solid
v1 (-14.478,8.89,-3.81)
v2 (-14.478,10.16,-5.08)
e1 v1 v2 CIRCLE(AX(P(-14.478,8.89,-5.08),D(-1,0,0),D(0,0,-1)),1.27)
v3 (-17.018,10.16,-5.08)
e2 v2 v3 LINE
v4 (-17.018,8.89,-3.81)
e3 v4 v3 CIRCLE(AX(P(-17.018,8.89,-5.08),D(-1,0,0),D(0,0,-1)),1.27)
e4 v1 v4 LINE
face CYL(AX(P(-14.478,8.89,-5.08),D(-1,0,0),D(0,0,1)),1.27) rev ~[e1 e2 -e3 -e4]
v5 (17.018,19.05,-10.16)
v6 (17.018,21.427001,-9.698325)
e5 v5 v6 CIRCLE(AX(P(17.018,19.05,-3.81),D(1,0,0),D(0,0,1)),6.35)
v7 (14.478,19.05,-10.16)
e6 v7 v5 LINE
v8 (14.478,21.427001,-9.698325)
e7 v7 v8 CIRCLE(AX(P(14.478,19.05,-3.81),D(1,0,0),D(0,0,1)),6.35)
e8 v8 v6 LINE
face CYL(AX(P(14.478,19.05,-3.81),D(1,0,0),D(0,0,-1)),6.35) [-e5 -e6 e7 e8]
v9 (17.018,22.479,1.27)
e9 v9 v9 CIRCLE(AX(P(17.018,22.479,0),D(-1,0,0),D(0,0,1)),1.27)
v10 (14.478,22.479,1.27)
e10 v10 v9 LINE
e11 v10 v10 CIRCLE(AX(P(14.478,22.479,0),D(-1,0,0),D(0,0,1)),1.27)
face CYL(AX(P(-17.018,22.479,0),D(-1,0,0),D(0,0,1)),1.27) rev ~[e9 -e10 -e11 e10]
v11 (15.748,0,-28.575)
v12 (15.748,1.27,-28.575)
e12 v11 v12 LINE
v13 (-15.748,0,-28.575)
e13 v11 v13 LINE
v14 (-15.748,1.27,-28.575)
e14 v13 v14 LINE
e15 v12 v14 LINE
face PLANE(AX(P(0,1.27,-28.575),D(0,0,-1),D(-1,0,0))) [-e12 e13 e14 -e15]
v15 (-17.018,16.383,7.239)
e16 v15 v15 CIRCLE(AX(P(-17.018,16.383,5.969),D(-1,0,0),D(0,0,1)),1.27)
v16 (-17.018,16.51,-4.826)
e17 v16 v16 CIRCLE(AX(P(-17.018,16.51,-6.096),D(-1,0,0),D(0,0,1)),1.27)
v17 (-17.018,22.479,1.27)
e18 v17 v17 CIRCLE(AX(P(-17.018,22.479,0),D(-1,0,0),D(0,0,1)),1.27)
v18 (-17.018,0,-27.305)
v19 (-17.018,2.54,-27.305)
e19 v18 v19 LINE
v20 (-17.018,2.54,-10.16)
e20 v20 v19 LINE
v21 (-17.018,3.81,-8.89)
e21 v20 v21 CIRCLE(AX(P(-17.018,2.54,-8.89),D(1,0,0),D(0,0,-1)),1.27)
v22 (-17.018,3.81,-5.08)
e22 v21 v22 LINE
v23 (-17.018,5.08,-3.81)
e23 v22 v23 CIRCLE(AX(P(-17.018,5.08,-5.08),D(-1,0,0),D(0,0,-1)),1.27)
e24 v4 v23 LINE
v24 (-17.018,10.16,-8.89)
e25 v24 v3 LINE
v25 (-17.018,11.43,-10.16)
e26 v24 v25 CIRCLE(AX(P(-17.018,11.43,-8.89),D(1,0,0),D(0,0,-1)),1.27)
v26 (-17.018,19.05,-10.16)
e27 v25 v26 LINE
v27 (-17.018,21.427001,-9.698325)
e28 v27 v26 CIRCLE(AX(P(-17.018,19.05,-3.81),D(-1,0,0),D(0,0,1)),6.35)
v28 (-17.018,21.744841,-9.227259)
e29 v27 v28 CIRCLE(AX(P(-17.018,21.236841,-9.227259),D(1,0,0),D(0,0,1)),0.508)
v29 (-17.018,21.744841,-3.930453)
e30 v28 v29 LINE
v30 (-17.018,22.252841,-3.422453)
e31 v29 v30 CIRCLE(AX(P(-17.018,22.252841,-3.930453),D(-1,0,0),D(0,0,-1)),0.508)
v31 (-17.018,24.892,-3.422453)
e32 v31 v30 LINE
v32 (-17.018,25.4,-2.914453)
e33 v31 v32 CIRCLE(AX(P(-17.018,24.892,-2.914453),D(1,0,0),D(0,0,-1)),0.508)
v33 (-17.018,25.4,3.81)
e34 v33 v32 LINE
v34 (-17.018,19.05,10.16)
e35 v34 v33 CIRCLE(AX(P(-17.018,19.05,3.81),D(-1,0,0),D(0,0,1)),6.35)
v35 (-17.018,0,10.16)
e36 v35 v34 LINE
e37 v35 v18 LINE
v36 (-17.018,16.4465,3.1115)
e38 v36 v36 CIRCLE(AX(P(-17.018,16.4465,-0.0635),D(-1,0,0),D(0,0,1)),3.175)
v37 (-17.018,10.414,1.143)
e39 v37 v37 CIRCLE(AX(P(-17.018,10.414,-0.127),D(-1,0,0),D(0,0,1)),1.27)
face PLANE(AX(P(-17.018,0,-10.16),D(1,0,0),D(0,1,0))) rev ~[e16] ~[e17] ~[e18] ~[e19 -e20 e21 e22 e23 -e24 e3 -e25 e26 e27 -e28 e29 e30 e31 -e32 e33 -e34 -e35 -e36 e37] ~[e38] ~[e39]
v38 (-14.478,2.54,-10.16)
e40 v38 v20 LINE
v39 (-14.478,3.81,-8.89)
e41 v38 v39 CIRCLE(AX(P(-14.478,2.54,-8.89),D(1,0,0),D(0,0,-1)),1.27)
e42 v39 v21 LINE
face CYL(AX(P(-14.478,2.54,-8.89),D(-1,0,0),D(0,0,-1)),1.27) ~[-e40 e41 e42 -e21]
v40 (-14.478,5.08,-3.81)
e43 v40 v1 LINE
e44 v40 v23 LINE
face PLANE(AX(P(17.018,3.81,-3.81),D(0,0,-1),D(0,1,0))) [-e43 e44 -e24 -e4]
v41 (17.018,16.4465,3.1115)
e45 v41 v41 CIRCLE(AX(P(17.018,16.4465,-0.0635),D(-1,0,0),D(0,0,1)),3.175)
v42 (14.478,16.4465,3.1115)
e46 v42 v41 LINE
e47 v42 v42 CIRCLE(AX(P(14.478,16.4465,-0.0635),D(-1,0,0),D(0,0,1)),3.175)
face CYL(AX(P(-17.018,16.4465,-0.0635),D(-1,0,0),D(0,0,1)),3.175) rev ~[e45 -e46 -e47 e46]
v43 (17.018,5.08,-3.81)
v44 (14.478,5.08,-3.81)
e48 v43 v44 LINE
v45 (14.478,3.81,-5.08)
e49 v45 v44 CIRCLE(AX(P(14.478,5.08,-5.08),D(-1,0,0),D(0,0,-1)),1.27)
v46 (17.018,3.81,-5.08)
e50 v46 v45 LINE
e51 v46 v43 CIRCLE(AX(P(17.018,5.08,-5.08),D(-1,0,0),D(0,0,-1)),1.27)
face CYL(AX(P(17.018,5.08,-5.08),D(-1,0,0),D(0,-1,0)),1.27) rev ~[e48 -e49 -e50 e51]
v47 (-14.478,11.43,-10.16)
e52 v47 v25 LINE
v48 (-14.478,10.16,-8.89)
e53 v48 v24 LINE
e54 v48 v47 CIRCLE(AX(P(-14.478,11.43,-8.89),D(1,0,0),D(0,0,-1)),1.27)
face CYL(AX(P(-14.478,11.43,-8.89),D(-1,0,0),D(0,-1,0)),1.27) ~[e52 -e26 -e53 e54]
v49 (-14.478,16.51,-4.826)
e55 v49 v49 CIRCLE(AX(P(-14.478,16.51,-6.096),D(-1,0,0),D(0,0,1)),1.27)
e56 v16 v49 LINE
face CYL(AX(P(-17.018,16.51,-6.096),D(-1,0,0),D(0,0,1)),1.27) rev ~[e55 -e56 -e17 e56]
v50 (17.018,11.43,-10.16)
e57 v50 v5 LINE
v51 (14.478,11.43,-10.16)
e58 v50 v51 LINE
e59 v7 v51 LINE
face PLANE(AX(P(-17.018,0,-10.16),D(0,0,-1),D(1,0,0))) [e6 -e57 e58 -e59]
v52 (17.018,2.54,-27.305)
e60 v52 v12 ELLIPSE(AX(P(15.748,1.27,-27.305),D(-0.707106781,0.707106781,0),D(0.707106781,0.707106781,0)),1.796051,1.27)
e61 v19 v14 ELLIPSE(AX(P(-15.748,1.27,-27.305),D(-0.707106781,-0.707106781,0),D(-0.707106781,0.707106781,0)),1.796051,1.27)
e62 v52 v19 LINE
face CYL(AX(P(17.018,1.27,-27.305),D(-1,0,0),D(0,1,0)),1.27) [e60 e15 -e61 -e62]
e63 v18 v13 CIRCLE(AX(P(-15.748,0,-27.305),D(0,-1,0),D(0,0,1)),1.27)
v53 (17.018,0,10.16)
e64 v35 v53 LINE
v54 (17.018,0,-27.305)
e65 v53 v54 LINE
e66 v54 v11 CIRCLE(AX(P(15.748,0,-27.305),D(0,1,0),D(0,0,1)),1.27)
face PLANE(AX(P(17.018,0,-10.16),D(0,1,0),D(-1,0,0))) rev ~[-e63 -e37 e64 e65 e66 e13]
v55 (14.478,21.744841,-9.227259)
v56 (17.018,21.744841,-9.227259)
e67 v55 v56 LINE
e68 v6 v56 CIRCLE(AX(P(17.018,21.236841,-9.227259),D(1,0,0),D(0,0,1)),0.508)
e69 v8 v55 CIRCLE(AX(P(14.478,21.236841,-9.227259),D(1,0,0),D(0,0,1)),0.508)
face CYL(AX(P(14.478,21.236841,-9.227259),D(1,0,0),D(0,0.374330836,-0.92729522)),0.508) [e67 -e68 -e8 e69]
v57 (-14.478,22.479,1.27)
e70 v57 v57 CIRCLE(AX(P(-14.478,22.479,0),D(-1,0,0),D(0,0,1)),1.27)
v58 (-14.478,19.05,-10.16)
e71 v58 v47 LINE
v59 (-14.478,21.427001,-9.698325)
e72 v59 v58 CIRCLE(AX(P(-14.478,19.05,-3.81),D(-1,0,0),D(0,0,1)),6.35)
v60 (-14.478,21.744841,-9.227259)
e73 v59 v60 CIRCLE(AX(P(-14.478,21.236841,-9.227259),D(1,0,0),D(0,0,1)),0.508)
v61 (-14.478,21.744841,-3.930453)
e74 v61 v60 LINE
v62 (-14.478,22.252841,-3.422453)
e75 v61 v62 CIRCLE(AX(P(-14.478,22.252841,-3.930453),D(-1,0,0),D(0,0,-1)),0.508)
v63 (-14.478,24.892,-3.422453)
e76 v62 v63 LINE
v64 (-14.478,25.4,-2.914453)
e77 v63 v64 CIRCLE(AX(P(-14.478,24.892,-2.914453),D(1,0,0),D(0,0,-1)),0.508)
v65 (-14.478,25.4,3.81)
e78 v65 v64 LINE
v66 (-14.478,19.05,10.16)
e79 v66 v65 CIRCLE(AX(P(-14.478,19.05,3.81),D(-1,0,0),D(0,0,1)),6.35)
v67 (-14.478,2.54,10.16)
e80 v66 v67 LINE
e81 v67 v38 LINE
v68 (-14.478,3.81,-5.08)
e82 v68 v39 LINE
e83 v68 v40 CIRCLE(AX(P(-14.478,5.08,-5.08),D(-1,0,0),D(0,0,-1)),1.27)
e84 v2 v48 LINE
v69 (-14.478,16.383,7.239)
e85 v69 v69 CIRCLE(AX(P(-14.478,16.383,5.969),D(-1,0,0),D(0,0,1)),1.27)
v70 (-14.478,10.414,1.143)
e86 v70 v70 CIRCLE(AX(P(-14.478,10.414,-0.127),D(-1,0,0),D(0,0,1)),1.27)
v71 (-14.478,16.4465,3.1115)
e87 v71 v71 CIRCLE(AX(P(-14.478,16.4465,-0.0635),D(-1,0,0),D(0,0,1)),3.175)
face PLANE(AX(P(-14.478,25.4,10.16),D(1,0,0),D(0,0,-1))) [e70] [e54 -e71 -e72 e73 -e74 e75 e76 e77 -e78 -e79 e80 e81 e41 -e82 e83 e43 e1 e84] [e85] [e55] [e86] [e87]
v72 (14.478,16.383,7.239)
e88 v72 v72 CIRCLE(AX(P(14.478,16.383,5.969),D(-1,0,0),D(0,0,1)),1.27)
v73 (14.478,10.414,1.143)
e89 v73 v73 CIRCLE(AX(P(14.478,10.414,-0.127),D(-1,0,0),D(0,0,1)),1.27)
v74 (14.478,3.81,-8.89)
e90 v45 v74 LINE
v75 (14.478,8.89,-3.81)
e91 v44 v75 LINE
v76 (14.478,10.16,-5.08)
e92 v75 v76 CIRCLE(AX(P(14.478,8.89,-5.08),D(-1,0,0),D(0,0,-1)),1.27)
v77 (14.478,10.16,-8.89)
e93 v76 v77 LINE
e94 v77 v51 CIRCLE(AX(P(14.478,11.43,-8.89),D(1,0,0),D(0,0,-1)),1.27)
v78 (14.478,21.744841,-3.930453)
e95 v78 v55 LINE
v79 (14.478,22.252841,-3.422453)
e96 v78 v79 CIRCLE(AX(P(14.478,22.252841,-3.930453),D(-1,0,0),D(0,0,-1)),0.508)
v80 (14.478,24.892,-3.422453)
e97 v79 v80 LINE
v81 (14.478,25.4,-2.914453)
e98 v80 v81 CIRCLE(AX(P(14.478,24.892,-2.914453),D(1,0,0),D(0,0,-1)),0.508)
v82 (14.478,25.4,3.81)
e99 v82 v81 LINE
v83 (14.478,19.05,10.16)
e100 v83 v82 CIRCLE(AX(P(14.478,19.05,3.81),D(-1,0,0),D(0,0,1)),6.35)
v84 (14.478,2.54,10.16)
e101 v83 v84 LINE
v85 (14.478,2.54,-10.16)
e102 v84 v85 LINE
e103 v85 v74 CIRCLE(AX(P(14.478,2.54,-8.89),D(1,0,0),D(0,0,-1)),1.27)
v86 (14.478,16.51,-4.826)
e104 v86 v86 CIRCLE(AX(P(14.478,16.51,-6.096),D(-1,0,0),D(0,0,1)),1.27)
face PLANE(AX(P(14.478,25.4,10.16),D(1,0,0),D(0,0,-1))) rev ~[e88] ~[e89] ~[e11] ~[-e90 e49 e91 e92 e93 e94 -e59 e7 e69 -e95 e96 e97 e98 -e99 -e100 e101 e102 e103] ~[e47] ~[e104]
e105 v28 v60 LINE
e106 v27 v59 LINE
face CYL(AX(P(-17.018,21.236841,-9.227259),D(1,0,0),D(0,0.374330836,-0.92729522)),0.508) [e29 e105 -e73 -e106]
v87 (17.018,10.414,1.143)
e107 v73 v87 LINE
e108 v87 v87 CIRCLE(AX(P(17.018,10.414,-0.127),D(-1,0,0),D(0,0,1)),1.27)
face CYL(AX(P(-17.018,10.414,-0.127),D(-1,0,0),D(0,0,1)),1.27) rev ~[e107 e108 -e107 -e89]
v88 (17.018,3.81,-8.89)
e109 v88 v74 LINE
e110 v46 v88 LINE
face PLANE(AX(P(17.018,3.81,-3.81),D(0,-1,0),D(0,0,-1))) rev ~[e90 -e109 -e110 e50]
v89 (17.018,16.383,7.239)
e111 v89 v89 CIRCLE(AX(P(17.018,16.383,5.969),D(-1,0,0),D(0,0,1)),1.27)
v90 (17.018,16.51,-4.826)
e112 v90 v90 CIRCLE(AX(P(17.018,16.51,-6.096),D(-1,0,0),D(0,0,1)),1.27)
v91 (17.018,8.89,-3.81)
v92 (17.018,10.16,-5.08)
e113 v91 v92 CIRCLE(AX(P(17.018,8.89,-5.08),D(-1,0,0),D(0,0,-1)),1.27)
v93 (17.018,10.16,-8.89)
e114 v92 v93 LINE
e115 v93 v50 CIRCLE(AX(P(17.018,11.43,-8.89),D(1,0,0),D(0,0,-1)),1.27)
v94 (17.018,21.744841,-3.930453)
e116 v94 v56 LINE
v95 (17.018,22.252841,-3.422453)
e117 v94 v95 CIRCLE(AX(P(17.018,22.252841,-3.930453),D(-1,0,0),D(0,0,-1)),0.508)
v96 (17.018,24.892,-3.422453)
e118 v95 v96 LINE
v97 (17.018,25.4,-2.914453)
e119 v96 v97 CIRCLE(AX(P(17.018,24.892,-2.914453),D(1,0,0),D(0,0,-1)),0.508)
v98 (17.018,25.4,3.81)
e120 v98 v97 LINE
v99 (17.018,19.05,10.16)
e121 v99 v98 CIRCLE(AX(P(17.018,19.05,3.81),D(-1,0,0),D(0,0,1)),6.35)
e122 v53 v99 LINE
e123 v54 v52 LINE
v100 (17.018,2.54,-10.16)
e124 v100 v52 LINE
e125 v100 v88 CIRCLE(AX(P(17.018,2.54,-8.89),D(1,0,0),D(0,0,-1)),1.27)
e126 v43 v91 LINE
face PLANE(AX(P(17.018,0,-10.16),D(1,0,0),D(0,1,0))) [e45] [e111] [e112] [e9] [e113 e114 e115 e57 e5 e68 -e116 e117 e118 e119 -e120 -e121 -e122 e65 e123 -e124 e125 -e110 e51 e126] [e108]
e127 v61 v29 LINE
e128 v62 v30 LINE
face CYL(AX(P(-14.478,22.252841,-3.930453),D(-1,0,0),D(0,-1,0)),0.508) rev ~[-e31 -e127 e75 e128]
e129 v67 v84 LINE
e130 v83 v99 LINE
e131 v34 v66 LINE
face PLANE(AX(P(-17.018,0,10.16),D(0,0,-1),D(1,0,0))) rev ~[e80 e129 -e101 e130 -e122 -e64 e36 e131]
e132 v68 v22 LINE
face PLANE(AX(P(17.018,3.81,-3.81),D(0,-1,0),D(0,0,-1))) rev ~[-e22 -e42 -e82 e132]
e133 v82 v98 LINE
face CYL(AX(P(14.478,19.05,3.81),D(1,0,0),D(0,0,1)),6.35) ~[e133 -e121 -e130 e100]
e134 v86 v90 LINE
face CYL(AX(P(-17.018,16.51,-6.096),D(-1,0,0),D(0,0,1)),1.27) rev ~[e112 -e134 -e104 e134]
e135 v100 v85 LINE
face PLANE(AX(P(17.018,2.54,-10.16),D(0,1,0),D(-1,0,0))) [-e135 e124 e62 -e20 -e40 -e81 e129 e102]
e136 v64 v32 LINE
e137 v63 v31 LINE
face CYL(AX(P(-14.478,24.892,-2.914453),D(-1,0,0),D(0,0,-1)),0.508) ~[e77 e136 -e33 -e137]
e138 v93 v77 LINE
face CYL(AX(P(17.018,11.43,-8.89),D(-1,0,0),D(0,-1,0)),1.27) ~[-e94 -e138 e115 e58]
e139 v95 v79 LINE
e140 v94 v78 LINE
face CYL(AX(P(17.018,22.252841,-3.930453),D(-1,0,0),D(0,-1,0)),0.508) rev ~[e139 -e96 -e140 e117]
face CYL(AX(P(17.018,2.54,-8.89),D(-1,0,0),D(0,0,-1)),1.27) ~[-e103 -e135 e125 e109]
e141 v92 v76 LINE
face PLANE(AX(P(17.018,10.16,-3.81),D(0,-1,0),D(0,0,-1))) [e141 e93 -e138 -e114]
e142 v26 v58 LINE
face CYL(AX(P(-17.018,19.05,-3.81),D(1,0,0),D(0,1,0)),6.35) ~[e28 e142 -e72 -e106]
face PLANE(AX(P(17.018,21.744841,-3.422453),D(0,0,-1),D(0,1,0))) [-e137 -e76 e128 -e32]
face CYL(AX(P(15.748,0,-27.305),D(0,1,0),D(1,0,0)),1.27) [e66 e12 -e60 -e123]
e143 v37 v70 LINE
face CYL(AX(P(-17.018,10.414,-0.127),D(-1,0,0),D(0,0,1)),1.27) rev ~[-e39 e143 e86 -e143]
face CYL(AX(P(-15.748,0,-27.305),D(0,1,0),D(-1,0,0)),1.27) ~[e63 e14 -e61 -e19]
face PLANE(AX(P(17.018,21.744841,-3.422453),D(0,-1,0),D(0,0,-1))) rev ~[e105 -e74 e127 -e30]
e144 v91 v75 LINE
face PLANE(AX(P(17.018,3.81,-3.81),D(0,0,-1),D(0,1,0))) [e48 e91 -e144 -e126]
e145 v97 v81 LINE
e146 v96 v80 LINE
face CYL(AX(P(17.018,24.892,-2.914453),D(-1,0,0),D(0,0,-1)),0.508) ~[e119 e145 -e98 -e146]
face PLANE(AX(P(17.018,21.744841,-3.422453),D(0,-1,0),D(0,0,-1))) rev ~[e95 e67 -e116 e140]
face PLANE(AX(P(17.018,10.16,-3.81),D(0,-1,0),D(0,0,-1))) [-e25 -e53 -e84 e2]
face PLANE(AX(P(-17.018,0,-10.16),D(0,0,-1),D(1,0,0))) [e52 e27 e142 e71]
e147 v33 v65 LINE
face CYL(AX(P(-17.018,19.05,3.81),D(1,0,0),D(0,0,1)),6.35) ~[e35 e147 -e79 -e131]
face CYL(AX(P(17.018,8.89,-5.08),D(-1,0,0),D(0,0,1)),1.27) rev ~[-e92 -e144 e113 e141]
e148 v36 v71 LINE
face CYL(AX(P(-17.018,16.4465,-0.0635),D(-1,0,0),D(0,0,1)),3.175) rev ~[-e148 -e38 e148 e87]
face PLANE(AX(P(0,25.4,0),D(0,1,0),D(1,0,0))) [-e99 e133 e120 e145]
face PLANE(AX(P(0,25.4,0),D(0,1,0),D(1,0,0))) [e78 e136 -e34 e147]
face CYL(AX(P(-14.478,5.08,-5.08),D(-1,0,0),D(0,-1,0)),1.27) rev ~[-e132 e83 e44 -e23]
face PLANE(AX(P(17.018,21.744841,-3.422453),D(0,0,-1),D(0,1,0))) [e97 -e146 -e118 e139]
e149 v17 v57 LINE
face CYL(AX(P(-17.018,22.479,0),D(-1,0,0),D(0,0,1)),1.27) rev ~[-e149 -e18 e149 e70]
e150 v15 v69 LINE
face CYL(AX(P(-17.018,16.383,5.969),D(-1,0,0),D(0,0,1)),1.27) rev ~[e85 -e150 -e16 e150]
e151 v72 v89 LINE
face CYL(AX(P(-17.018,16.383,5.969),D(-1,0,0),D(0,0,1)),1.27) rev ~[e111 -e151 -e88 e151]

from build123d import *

# Parameters (mm, degrees)
SKETCH1_W           = 34.036
SKETCH1_H           = 20.32
BOSS_EXTRUDE1_DEPTH = 25.4
SKETCH2_W           = 28.956
SKETCH2_H           = 20.32
CUT_EXTRUDE1_DEPTH  = 22.86
SKETCH3_R           = 1.27
SKETCH3_R_2         = 3.175
CUT_EXTRUDE2_DEPTH  = 44.667320687
FILLET2_R           = 6.35
SKETCH8_W           = 6.35
SKETCH8_H           = 6.35
CUT_EXTRUDE5_DEPTH  = 44.667320687
FILLET4_R           = 1.27
SKETCH10_W          = 8.835648684
SKETCH10_H          = 6.964146722
CUT_EXTRUDE6_DEPTH  = 44.667320687
FILLET6_R           = 0.508
FILLET7_R           = 0.508
SKETCH11_W          = 34.036
SKETCH11_H          = 2.54
BOSS_EXTRUDE3_DEPTH = 18.415
FILLET8_R           = 1.27


with BuildPart() as part:
    # Sketch1 → Boss-Extrude1 (new body)
    with BuildSketch(Plane(origin=(0, 0, 0), x_dir=(1, 0, 0), z_dir=(0, 1, 0))):
        Rectangle(SKETCH1_W, SKETCH1_H)
    extrude(amount=BOSS_EXTRUDE1_DEPTH)

    # Sketch2 → Cut-Extrude1 (cut)
    with BuildSketch(Plane(origin=(0, 25.4, 0), x_dir=(1, 0, 0), z_dir=(0, 1, 0))):
        Rectangle(SKETCH2_W, SKETCH2_H)
    extrude(amount=-CUT_EXTRUDE1_DEPTH, mode=Mode.SUBTRACT)

    # Sketch3 → Cut-Extrude2 (cut, through all)
    with BuildSketch(Plane.ZY.offset(17.018)):
        with Locations((0, 22.479)):
            Circle(SKETCH3_R)
        with Locations((-6.096, 16.51)):
            Circle(SKETCH3_R)
        with Locations((-0.127, 10.414)):
            Circle(SKETCH3_R)
        with Locations((5.969, 16.383)):
            Circle(SKETCH3_R)
        with Locations((-0.0635, 16.4465)):
            Circle(SKETCH3_R_2)
    extrude(amount=-CUT_EXTRUDE2_DEPTH, mode=Mode.SUBTRACT)

    # Fillet2
    fillet2_edges = [part.edges().sort_by_distance(p)[0] for p in [
        (-15.748, 25.4, -10.16),
        (15.748, 25.4, 10.16),
        (-15.748, 25.4, 10.16),
        (15.748, 25.4, -10.16),
    ]]
    fillet(fillet2_edges, radius=FILLET2_R)

    # Sketch8 → Cut-Extrude5 (cut, through all)
    with BuildSketch(Plane(origin=(17.018, 0, 0), x_dir=(0, 0, -1), z_dir=(1, 0, 0))):
        with Locations((6.985, 6.985)):
            Rectangle(SKETCH8_W, SKETCH8_H)
    extrude(amount=-CUT_EXTRUDE5_DEPTH, mode=Mode.SUBTRACT)

    # Fillet4
    fillet4_edges = [part.edges().sort_by_distance(p)[0] for p in [
        (15.748, 10.16, -10.16),
        (-15.748, 10.16, -10.16),
        (15.748, 3.81, -10.16),
        (-15.748, 3.81, -10.16),
        (15.748, 3.81, -3.81),
        (-15.748, 3.81, -3.81),
        (15.748, 10.16, -3.81),
        (-15.748, 10.16, -3.81),
    ]]
    fillet(fillet4_edges, radius=FILLET4_R)

    # Sketch10 → Cut-Extrude6 (cut, through all)
    with BuildSketch(Plane(origin=(17.018, 0, 0), x_dir=(0, 0, -1), z_dir=(1, 0, 0))):
        with Locations((7.840277159, 25.226914104)):
            Rectangle(SKETCH10_W, SKETCH10_H)
    extrude(amount=-CUT_EXTRUDE6_DEPTH, mode=Mode.SUBTRACT)

    # Fillet6
    fillet6_edges = [part.edges().sort_by_distance(p)[0] for p in [
        (15.748, 25.4, -3.422452817),
        (15.748, 21.744840743, -3.422452817),
        (15.748, 21.744840743, -9.559811594),
    ]]
    fillet(fillet6_edges, radius=FILLET6_R)

    # Fillet7
    fillet7_edges = [part.edges().sort_by_distance(p)[0] for p in [
        (-15.748, 21.744840743, -9.559811594),
        (-15.748, 25.4, -3.422452817),
        (-15.748, 21.744840743, -3.422452817),
    ]]
    fillet(fillet7_edges, radius=FILLET7_R)

    # Sketch11 → Boss-Extrude3 (add)
    with BuildSketch(Plane(origin=(0, 0, -10.16), x_dir=(-1, 0, 0), z_dir=(0, 0, -1))):
        with Locations((0, 1.27)):
            Rectangle(SKETCH11_W, SKETCH11_H)
    extrude(amount=BOSS_EXTRUDE3_DEPTH)

    # Fillet8
    fillet8_edges = [part.edges().sort_by_distance(p)[0] for p in [
        (17.018, 1.27, -28.575),
        (-17.018, 1.27, -28.575),
        (0, 2.54, -28.575),
    ]]
    fillet(fillet8_edges, radius=FILLET8_R)


solid = part.part
